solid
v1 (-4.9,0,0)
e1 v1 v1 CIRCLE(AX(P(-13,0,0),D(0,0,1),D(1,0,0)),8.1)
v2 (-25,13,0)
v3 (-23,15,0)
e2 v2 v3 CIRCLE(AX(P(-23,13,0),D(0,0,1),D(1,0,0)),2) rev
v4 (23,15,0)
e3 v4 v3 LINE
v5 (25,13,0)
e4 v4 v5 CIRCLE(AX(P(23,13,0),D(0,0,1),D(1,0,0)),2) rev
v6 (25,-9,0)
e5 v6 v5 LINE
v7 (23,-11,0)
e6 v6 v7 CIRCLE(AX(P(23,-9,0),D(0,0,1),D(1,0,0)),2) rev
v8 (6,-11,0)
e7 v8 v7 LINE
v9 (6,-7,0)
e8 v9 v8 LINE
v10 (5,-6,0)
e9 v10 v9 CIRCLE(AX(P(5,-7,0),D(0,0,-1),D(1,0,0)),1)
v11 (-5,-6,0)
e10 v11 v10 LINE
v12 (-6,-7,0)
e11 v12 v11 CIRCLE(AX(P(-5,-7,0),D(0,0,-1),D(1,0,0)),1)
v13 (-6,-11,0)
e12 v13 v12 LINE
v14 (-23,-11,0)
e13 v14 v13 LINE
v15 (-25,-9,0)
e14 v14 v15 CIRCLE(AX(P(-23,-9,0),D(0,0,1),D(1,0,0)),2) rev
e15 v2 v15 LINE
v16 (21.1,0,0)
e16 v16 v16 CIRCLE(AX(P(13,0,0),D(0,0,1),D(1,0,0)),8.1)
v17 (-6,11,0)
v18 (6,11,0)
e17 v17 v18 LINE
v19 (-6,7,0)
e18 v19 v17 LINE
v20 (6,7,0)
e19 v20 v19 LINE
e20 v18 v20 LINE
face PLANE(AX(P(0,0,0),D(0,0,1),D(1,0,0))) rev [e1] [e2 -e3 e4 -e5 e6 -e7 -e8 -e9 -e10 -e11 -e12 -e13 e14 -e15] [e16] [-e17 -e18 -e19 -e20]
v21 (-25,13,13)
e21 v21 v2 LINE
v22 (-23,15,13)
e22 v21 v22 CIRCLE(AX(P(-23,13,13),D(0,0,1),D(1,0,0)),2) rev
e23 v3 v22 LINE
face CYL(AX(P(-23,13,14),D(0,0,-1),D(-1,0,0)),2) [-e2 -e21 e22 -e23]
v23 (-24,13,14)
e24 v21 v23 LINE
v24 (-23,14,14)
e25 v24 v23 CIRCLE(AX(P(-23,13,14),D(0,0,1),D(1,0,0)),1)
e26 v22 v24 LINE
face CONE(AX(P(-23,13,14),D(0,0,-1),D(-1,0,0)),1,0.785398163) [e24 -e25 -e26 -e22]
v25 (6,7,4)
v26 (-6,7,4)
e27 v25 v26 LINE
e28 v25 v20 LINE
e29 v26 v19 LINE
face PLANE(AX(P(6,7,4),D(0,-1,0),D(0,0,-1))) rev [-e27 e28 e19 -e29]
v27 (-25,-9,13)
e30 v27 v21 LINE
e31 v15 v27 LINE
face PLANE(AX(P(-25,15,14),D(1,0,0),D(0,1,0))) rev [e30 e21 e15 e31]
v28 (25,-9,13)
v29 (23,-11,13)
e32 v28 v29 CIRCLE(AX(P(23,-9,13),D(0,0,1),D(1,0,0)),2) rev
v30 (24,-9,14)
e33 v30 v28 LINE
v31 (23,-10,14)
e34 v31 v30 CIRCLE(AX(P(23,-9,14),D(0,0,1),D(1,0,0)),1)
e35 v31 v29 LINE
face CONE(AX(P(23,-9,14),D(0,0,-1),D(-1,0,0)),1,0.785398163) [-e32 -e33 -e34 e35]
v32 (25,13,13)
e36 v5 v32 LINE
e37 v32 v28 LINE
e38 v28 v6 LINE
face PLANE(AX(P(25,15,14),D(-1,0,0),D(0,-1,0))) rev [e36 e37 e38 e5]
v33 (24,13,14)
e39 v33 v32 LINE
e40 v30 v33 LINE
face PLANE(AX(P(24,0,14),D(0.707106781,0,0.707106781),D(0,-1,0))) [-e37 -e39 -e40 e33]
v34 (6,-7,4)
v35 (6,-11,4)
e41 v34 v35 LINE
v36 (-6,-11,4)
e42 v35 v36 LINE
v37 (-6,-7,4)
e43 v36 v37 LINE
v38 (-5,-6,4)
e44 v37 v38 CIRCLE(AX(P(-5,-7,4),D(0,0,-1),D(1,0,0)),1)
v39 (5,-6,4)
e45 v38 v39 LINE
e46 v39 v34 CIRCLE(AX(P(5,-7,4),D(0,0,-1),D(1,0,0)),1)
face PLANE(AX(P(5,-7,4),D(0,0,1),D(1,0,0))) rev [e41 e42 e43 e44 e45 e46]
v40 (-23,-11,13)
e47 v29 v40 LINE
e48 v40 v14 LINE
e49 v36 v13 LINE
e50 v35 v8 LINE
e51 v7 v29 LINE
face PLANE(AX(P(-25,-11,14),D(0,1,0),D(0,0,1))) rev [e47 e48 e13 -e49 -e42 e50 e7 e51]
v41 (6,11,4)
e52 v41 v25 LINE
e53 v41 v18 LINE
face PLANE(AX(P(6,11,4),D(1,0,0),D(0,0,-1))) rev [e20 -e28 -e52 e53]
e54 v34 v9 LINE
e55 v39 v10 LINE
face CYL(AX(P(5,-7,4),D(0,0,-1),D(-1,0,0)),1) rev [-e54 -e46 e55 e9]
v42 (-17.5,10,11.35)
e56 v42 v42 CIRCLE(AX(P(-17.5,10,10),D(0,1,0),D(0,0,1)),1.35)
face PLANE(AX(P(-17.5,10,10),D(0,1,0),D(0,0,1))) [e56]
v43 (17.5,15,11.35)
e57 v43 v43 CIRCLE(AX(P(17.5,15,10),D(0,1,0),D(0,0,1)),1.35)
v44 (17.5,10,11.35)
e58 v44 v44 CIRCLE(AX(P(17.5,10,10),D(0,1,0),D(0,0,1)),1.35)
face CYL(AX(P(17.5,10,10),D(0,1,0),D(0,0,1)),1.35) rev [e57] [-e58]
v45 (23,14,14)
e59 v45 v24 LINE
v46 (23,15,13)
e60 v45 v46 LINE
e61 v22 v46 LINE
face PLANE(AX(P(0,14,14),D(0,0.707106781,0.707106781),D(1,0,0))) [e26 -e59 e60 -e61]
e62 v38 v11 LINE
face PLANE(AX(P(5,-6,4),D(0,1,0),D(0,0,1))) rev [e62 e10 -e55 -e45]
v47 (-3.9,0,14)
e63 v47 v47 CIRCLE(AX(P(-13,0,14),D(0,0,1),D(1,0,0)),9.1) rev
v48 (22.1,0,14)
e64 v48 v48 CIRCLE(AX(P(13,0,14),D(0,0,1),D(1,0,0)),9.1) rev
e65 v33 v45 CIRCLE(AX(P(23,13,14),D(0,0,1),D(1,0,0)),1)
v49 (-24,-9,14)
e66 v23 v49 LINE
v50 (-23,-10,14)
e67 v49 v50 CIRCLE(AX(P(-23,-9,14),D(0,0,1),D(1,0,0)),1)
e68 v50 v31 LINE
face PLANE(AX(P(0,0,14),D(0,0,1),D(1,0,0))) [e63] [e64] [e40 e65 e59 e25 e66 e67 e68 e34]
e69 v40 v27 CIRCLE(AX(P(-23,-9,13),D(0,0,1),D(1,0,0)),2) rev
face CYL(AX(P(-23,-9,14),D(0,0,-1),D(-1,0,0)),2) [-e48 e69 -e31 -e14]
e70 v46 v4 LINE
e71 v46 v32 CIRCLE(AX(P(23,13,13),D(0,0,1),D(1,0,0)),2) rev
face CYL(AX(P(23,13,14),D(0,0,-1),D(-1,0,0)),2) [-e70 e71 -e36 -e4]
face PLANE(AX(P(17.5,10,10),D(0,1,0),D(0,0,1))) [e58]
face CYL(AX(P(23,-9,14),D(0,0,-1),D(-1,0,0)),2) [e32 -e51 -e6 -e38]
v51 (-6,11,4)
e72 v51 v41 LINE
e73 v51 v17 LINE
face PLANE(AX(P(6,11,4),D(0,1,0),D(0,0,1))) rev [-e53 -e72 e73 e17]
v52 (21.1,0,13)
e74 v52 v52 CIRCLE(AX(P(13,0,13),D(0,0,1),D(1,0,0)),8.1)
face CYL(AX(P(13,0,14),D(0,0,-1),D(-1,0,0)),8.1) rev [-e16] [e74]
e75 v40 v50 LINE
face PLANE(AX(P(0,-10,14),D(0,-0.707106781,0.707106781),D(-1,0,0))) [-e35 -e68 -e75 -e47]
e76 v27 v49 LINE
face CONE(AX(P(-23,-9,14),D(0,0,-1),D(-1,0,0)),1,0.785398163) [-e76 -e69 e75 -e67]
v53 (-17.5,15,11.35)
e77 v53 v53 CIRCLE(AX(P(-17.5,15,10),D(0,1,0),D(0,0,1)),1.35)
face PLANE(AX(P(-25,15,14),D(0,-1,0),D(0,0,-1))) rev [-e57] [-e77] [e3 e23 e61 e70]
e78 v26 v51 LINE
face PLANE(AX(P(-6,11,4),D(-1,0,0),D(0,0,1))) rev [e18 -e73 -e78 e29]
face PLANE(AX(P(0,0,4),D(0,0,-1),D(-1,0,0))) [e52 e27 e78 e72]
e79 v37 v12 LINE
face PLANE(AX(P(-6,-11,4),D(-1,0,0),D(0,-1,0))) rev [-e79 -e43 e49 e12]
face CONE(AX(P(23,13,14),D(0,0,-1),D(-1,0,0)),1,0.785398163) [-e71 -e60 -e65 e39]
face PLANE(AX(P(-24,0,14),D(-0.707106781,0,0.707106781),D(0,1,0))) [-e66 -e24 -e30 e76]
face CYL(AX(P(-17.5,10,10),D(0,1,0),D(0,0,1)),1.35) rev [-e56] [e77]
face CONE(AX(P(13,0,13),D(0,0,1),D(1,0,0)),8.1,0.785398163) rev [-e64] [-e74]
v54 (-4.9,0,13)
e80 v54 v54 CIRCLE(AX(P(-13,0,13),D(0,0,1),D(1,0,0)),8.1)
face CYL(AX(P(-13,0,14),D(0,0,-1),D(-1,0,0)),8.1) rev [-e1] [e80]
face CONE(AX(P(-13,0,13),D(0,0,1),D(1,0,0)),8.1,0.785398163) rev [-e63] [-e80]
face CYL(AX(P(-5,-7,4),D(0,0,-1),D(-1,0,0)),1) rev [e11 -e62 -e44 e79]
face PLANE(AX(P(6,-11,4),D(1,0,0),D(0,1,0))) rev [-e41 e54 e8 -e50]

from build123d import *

# Parameters (mm, degrees)
SKETCH_1_W          = 50
SKETCH_1_H          = 26
SKETCH_1_R          = 8.1
EXTRUDE_1_DEPTH     = 14
SKETCH_2_R          = 1.35
CUT_EXTRUDE_1_DEPTH = 5
SKETCH_3_W          = 12
SKETCH_3_H          = 4
CUT_EXTRUDE_2_DEPTH = 4
CHAMFER_1_SIZE      = 1
FILLET_1_R          = 2
CHAMFER_2_SIZE      = 1


with BuildPart() as part:
    # 草图1 → 凸台-拉伸1 (new body)
    with BuildSketch(Plane.XY):
        with Locations((0, 2)):
            Rectangle(SKETCH_1_W, SKETCH_1_H)
        with Locations((13, 0)):
            Circle(SKETCH_1_R, mode=Mode.SUBTRACT)
        with Locations((-13, 0)):
            Circle(SKETCH_1_R, mode=Mode.SUBTRACT)
    extrude(amount=EXTRUDE_1_DEPTH)

    # 草图2 → 切除-拉伸1 (cut)
    with BuildSketch(Plane(origin=(0, 15, 0), x_dir=(1, 0, 0), z_dir=(0, 1, 0))):
        with Locations(Location((-17.5, -10, 0), (0, 0, 270))):
            Circle(SKETCH_2_R)
        with Locations(Location((17.5, -10, 0), (0, 0, 270))):
            Circle(SKETCH_2_R)
    extrude(amount=-CUT_EXTRUDE_1_DEPTH, mode=Mode.SUBTRACT)

    # 草图3 → 切除-拉伸2 (cut)
    with BuildSketch(Plane(origin=(0, 0, 0), x_dir=(-1, 0, 0), z_dir=(0, 0, -1))):
        with Locations((0, 9)):
            Rectangle(SKETCH_3_W, SKETCH_3_H)
        with BuildLine():
            Line((-6, -11), (6, -11))
            Line((6, -11), (6, -7))
            ThreePointArc((6, -7), (5.707106781, -6.292893219), (5, -6))
            Line((5, -6), (-5, -6))
            ThreePointArc((-5, -6), (-5.707106781, -6.292893219), (-6, -7))
            Line((-6, -7), (-6, -11))
        make_face()
    extrude(amount=-CUT_EXTRUDE_2_DEPTH, mode=Mode.SUBTRACT)

    # 倒角1
    chamfer_1_edges = [part.edges().sort_by_distance(p)[0] for p in [
        (-21.1, 0, 14),
        (4.9, 0, 14),
    ]]
    chamfer(chamfer_1_edges, length=CHAMFER_1_SIZE)

    # 圆角1
    fillet_1_edges = [part.edges().sort_by_distance(p)[0] for p in [
        (-25, 15, 7),
        (25, 15, 7),
        (25, -11, 7),
        (-25, -11, 7),
    ]]
    fillet(fillet_1_edges, radius=FILLET_1_R)

    # 倒角2
    chamfer_2_edges = [part.edges().sort_by_distance(p)[0] for p in [
        (-25, 2, 14),
        (0, 15, 14),
        (0, -11, 14),
        (25, 2, 14),
        (-24.414213562, -10.414213562, 14),
        (24.414213562, -10.414213562, 14),
        (24.414213562, 14.414213562, 14),
        (-24.414213562, 14.414213562, 14),
    ]]
    chamfer(chamfer_2_edges, length=CHAMFER_2_SIZE)


solid = part.part
